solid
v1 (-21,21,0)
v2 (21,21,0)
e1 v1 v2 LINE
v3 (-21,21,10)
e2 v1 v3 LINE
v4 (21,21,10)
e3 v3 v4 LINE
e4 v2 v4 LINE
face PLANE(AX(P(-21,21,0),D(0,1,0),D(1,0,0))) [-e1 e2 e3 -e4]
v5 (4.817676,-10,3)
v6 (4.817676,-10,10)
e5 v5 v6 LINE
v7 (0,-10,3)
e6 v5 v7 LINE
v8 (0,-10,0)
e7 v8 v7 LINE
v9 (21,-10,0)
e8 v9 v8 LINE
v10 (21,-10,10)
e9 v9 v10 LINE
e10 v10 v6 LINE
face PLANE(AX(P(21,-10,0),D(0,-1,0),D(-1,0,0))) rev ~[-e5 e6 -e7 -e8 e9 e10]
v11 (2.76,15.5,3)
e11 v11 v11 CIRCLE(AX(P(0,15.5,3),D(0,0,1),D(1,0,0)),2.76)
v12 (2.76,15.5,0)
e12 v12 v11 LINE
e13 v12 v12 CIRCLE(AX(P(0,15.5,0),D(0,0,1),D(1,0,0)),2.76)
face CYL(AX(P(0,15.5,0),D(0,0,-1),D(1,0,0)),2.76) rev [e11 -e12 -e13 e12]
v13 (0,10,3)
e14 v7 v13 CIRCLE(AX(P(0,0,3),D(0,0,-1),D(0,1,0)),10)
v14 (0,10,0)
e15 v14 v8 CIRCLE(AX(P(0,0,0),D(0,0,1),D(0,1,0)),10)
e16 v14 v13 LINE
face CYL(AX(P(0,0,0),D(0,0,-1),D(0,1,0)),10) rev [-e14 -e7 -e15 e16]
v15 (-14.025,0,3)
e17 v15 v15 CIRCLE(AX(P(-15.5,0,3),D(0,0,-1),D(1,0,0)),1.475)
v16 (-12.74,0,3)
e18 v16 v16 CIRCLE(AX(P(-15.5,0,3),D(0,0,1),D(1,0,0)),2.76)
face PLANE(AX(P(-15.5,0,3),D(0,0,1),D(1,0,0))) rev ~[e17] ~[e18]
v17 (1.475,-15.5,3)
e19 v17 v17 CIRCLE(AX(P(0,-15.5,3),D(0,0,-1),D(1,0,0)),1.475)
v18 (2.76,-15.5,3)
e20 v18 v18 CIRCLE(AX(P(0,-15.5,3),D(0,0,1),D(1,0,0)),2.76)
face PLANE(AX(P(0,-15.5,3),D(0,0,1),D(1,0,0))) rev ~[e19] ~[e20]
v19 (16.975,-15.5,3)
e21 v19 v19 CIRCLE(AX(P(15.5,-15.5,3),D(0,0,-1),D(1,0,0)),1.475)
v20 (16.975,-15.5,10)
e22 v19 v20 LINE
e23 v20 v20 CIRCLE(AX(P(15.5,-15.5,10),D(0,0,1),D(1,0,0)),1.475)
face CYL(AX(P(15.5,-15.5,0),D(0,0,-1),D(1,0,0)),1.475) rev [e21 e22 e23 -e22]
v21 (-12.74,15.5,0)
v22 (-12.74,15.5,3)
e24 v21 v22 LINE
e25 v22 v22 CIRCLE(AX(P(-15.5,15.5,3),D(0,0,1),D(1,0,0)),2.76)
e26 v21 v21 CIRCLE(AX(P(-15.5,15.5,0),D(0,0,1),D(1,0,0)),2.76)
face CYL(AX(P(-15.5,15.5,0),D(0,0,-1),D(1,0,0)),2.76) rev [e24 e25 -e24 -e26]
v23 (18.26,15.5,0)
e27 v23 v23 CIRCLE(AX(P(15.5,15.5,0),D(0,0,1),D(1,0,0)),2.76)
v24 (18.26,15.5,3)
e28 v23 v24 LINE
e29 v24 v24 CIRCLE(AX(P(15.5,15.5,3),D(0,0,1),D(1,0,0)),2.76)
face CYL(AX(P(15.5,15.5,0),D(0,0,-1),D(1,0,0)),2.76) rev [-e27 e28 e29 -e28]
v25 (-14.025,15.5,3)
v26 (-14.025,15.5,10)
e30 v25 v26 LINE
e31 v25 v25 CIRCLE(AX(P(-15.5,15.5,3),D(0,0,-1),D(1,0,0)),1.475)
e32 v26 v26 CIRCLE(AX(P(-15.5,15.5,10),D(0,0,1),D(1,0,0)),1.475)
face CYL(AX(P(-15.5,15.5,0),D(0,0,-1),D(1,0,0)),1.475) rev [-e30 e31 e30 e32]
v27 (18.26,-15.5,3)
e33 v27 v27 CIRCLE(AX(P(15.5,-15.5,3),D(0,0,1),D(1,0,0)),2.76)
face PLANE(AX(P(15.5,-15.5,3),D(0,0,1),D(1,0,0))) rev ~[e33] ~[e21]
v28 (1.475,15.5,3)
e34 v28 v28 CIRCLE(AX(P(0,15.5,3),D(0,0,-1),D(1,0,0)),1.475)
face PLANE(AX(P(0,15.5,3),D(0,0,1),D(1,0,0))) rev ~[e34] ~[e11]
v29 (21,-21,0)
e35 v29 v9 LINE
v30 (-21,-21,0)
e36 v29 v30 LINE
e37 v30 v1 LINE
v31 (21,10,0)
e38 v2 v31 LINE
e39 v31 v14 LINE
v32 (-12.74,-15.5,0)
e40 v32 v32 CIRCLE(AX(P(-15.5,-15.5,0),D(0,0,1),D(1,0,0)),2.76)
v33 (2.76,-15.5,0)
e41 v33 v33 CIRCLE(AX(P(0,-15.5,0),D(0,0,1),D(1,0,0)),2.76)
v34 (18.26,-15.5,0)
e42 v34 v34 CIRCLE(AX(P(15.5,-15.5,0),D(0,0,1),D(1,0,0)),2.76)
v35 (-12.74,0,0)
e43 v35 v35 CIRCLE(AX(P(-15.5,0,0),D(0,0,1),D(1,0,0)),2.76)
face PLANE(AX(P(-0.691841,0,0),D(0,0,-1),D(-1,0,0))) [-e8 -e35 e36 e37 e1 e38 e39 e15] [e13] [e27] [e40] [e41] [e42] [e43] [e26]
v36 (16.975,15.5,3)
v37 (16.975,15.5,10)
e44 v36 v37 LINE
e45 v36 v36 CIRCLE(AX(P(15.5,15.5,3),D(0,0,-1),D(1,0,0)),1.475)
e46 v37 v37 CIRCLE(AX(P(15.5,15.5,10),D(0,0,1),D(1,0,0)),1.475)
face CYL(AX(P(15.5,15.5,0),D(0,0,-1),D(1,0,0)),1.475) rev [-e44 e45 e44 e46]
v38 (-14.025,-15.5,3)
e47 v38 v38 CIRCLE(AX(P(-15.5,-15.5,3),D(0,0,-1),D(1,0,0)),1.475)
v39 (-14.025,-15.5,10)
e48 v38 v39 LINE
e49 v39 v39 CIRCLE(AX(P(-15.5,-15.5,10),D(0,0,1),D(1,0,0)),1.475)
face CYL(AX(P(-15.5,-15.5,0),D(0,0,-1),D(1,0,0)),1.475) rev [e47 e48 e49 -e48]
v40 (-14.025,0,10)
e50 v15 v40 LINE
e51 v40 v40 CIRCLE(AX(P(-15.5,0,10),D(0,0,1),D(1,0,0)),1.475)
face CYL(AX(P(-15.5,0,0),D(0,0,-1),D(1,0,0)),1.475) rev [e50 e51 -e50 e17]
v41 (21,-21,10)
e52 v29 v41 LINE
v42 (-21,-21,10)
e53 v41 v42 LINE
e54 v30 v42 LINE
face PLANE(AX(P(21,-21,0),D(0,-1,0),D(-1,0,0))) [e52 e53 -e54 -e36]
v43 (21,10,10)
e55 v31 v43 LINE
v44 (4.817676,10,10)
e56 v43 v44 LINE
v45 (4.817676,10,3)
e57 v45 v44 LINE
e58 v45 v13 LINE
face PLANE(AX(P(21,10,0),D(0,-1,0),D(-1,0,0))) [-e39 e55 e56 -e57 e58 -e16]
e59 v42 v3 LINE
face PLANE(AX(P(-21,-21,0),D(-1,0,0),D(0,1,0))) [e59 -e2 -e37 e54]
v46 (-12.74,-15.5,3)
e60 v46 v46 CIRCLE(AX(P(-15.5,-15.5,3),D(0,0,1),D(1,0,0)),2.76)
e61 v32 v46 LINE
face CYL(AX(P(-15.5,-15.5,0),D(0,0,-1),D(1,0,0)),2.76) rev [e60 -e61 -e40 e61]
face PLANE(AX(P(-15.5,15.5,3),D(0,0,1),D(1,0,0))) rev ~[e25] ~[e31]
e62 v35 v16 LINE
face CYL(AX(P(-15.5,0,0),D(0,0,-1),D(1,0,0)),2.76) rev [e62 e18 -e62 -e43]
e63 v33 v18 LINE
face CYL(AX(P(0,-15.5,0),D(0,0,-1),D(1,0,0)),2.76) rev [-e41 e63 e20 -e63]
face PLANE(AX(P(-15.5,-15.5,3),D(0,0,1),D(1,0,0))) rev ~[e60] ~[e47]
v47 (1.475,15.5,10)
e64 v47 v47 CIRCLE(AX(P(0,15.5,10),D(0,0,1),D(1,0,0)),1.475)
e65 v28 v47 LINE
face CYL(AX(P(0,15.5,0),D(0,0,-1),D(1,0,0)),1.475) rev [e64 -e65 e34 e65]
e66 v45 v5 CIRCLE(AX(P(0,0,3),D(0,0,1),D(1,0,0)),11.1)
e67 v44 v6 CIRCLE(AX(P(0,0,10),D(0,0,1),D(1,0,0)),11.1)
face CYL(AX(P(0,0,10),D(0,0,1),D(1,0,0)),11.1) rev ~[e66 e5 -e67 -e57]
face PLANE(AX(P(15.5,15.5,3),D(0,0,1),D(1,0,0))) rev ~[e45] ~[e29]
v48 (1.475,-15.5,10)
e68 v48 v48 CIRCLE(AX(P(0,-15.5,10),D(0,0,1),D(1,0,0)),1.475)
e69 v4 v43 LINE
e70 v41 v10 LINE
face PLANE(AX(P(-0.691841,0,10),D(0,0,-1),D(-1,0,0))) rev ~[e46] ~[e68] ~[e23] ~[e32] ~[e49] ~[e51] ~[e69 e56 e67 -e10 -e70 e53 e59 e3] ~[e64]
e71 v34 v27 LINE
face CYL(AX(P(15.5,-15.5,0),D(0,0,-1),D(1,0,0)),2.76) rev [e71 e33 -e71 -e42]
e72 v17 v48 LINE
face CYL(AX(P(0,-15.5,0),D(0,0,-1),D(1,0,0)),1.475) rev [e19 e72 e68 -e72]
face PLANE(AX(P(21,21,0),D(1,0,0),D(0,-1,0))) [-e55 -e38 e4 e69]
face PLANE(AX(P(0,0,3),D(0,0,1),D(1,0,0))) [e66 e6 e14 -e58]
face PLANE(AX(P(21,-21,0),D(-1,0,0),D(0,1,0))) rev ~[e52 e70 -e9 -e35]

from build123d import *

# Parameters (mm, degrees)
SKETCH004_R     = 1.475
PAD003_DEPTH    = 10
SKETCH009_R     = 2.76
POCKET002_DEPTH = 3
SKETCH014_R     = 11.1
POCKET006_DEPTH = 7


with BuildPart() as part:
    # Sketch004 → Pad003 (new body)
    with BuildSketch(Plane.XY):
        with BuildLine():
            Line((-21, 21), (21, 21))
            Line((21, 21), (21, 10))
            Line((21, 10), (0, 10))
            ThreePointArc((0, 10), (-10, 0), (0, -10))
            Line((21, -10), (0, -10))
            Line((21, -21), (21, -10))
            Line((21, -21), (-21, -21))
            Line((-21, -21), (-21, 21))
        make_face()
        with Locations((-15.5, 15.5)):
            Circle(SKETCH004_R, mode=Mode.SUBTRACT)
        with Locations((15.5, 15.5)):
            Circle(SKETCH004_R, mode=Mode.SUBTRACT)
        with Locations((-15.5, -15.5)):
            Circle(SKETCH004_R, mode=Mode.SUBTRACT)
        with Locations((15.5, -15.5)):
            Circle(SKETCH004_R, mode=Mode.SUBTRACT)
        with Locations((-15.5, 0)):
            Circle(SKETCH004_R, mode=Mode.SUBTRACT)
        with Locations((0, 15.5)):
            Circle(SKETCH004_R, mode=Mode.SUBTRACT)
        with Locations((0, -15.5)):
            Circle(SKETCH004_R, mode=Mode.SUBTRACT)
    extrude(amount=PAD003_DEPTH)

    # Sketch009 → Pocket002 (cut)
    with BuildSketch(Plane.XY):
        with Locations((-15.5, 15.5)):
            Circle(SKETCH009_R)
        with Locations((15.5, 15.5)):
            Circle(SKETCH009_R)
        with Locations((-15.5, -15.5)):
            Circle(SKETCH009_R)
        with Locations((15.5, -15.5)):
            Circle(SKETCH009_R)
        with Locations((-15.5, 0)):
            Circle(SKETCH009_R)
        with Locations((0, 15.5)):
            Circle(SKETCH009_R)
        with Locations((0, -15.5)):
            Circle(SKETCH009_R)
    extrude(amount=POCKET002_DEPTH, mode=Mode.SUBTRACT)

    # Sketch014 (on Face5 of Pocket002) → Pocket006 (cut)
    with BuildSketch(Plane.XY.offset(10)):
        Circle(SKETCH014_R)
    extrude(amount=-POCKET006_DEPTH, mode=Mode.SUBTRACT)


solid = part.part
